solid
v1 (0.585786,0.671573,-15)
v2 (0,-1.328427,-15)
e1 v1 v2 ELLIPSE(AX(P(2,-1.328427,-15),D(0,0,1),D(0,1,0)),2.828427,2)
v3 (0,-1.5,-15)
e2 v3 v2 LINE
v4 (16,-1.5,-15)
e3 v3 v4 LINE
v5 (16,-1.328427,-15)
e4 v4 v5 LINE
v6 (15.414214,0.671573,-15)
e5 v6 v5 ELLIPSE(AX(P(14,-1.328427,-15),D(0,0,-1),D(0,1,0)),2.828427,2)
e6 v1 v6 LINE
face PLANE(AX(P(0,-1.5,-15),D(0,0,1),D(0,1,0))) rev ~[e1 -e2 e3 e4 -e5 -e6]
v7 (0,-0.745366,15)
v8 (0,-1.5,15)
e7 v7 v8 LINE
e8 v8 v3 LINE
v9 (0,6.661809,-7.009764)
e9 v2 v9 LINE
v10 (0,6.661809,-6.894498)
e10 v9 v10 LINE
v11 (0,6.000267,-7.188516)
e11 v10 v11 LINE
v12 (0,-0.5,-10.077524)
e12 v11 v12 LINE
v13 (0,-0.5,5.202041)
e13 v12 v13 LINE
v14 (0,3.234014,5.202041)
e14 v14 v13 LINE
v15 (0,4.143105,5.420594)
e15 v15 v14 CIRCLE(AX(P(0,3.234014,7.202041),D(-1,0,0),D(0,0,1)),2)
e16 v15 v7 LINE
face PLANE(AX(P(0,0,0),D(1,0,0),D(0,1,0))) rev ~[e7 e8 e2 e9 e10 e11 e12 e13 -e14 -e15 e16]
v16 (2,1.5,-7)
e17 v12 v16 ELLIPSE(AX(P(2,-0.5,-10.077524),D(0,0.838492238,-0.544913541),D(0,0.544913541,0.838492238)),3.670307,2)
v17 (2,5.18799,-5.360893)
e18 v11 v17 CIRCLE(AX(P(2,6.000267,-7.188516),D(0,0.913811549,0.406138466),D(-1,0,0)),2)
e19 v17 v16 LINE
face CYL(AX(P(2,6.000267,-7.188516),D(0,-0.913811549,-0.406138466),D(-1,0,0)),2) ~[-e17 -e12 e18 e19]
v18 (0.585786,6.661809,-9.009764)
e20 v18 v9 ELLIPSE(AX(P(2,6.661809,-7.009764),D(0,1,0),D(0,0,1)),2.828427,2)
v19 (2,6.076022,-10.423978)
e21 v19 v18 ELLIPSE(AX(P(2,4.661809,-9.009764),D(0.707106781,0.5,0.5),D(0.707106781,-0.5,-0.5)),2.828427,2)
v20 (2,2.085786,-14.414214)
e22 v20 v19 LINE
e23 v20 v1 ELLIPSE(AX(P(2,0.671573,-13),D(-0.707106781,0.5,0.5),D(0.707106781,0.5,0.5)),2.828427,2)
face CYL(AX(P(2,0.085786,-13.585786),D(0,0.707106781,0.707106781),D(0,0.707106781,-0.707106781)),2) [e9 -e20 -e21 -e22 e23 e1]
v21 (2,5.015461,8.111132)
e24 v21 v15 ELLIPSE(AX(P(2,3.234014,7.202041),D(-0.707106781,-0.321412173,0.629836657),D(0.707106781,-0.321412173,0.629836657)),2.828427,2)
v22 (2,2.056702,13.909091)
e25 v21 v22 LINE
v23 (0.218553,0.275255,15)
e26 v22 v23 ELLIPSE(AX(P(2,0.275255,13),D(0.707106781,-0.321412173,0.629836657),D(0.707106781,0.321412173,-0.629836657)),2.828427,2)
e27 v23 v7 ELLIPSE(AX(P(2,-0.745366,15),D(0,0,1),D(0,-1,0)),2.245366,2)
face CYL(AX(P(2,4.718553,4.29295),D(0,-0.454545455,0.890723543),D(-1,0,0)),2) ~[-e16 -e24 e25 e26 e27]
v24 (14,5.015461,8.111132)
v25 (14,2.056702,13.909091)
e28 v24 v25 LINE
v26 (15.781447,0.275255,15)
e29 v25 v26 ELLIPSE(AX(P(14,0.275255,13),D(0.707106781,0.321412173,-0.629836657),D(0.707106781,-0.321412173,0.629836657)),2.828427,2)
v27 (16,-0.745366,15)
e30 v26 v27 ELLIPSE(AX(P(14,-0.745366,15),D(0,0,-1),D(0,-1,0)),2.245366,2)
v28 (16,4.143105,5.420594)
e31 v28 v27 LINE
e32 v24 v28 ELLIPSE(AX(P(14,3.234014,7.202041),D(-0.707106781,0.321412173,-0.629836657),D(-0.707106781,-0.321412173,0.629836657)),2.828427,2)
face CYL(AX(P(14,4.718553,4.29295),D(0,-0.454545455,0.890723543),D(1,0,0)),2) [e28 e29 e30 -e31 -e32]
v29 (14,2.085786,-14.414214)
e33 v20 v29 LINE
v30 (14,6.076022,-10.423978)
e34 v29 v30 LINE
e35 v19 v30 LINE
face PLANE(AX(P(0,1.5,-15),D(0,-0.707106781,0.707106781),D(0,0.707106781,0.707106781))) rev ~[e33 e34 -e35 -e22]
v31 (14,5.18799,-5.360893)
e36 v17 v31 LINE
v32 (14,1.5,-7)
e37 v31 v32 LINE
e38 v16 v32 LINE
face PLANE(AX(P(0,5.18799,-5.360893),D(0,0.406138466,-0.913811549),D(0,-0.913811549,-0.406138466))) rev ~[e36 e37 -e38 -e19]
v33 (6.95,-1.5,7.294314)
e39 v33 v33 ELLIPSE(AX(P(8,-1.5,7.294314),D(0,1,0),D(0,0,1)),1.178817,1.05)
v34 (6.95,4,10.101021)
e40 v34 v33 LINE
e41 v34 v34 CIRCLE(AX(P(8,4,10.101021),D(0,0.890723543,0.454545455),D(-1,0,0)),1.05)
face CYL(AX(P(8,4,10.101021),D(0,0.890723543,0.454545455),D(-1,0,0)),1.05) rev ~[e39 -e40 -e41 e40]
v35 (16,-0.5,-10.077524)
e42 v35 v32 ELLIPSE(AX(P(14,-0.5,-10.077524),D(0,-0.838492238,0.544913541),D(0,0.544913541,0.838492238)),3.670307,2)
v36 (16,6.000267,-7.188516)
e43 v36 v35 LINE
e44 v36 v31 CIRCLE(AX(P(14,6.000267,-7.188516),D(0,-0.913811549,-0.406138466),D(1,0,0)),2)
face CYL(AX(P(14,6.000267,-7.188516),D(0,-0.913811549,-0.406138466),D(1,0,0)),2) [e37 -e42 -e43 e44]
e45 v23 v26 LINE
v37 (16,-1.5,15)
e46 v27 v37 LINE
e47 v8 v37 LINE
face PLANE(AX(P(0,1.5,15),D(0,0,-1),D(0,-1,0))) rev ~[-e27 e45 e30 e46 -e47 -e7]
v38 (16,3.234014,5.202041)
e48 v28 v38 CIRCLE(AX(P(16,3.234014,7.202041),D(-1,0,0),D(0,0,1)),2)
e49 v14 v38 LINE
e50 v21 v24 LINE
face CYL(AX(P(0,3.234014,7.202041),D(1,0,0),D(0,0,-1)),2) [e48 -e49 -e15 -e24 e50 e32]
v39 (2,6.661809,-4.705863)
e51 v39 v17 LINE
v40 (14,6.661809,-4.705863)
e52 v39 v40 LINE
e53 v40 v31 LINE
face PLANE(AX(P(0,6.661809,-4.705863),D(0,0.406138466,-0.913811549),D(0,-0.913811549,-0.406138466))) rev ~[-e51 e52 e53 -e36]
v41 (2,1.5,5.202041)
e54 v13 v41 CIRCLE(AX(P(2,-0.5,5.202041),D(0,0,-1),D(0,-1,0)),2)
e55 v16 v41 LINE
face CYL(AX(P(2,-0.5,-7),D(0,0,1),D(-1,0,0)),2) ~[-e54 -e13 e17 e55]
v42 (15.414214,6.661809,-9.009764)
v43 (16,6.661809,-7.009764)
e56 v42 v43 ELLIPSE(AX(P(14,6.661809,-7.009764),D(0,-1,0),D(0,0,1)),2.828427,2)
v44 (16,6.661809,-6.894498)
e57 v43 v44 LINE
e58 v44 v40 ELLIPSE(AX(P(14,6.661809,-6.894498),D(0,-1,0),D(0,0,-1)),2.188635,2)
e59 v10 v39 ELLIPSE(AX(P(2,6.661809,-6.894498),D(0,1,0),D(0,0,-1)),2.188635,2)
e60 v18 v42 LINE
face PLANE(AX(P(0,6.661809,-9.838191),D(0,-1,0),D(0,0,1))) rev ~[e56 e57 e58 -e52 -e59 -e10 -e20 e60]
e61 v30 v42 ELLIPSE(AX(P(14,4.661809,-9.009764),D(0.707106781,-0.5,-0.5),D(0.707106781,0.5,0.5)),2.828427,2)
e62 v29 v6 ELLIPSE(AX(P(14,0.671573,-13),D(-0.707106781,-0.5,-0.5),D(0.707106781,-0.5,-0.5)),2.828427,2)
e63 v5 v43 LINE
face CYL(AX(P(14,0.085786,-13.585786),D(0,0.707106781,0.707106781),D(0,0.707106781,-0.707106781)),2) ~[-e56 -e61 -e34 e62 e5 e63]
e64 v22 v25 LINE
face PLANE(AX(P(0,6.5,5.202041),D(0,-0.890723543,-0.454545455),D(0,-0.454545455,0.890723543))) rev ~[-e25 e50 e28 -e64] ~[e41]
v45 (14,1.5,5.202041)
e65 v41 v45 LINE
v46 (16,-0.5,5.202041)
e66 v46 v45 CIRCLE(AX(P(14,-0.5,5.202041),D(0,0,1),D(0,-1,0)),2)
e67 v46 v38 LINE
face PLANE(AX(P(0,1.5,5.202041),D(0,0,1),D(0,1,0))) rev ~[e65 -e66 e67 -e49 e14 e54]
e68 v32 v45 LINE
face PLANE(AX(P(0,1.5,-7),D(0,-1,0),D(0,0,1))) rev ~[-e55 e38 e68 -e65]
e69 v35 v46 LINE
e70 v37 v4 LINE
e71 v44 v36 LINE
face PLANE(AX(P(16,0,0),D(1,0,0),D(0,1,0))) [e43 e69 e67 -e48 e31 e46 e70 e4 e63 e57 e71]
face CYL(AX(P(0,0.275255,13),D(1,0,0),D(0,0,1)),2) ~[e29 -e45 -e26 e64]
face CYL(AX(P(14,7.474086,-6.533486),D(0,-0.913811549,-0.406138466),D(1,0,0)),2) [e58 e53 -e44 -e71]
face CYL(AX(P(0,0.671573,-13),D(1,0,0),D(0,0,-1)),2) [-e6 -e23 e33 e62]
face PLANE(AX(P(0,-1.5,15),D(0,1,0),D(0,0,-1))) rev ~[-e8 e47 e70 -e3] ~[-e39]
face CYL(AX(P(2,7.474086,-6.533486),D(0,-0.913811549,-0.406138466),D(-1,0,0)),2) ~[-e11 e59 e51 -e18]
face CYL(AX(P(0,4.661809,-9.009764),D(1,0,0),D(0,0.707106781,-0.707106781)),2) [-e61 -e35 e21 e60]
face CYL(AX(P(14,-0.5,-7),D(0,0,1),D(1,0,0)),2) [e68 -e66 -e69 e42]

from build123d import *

# Parameters (mm, degrees)
F1_DEPTH = 16
F2_R     = 1.05
F3_DEPTH = 7.7105812745
F4_R     = 2


with BuildPart() as f1:
    # F0 (on Right) → F1 (new body)
    with BuildSketch(Plane.YZ):
        Polygon((-1.5, -15), (1.5, -15), (1.5, -7), (1.5, -3), (1.5, 5.2020410289), (1.5, 15), (-1.5, 15), align=None)
        Polygon((6.5, 5.2020410289), (1.5, 15), (1.5, 5.2020410289), align=None)
        Polygon((1.5, -7), (1.5, -15), (6.6618086312, -9.8381913688), (6.6618086312, -4.7058628306), (5.187990124, -5.3608932782), align=None)
    extrude(amount=F1_DEPTH)

    # F2 (on face) → F3 (cut, up to face)
    with BuildSketch(Plane(origin=(0, 7.2631977094, 3.7064850602), x_dir=(-1, 0, 0), z_dir=(0, 0.8907235428, 0.4545454545))):
        with Locations((-8, 7.1790349606)):
            Circle(F2_R)
    extrude(amount=-F3_DEPTH, mode=Mode.SUBTRACT)

    # F4
    f4_edges = [f1.edges().sort_by_distance(p)[0] for p in [
        (16, 1.5, -0.898979),
        (0, 1.5, -0.898979),
        (16, 4, 10.101021),
        (0, 4, 10.101021),
        (8, 6.5, 5.202041),
        (8, 6.661809, -9.838191),
        (16, 4.080904, -12.419096),
        (0, 4.080904, -12.419096),
        (16, 4.080904, -5.852931),
        (0, 4.080904, -5.852931),
        (8, 1.5, 15),
        (8, 1.5, -15),
    ]]
    fillet(f4_edges, radius=F4_R)


solid = f1.part
